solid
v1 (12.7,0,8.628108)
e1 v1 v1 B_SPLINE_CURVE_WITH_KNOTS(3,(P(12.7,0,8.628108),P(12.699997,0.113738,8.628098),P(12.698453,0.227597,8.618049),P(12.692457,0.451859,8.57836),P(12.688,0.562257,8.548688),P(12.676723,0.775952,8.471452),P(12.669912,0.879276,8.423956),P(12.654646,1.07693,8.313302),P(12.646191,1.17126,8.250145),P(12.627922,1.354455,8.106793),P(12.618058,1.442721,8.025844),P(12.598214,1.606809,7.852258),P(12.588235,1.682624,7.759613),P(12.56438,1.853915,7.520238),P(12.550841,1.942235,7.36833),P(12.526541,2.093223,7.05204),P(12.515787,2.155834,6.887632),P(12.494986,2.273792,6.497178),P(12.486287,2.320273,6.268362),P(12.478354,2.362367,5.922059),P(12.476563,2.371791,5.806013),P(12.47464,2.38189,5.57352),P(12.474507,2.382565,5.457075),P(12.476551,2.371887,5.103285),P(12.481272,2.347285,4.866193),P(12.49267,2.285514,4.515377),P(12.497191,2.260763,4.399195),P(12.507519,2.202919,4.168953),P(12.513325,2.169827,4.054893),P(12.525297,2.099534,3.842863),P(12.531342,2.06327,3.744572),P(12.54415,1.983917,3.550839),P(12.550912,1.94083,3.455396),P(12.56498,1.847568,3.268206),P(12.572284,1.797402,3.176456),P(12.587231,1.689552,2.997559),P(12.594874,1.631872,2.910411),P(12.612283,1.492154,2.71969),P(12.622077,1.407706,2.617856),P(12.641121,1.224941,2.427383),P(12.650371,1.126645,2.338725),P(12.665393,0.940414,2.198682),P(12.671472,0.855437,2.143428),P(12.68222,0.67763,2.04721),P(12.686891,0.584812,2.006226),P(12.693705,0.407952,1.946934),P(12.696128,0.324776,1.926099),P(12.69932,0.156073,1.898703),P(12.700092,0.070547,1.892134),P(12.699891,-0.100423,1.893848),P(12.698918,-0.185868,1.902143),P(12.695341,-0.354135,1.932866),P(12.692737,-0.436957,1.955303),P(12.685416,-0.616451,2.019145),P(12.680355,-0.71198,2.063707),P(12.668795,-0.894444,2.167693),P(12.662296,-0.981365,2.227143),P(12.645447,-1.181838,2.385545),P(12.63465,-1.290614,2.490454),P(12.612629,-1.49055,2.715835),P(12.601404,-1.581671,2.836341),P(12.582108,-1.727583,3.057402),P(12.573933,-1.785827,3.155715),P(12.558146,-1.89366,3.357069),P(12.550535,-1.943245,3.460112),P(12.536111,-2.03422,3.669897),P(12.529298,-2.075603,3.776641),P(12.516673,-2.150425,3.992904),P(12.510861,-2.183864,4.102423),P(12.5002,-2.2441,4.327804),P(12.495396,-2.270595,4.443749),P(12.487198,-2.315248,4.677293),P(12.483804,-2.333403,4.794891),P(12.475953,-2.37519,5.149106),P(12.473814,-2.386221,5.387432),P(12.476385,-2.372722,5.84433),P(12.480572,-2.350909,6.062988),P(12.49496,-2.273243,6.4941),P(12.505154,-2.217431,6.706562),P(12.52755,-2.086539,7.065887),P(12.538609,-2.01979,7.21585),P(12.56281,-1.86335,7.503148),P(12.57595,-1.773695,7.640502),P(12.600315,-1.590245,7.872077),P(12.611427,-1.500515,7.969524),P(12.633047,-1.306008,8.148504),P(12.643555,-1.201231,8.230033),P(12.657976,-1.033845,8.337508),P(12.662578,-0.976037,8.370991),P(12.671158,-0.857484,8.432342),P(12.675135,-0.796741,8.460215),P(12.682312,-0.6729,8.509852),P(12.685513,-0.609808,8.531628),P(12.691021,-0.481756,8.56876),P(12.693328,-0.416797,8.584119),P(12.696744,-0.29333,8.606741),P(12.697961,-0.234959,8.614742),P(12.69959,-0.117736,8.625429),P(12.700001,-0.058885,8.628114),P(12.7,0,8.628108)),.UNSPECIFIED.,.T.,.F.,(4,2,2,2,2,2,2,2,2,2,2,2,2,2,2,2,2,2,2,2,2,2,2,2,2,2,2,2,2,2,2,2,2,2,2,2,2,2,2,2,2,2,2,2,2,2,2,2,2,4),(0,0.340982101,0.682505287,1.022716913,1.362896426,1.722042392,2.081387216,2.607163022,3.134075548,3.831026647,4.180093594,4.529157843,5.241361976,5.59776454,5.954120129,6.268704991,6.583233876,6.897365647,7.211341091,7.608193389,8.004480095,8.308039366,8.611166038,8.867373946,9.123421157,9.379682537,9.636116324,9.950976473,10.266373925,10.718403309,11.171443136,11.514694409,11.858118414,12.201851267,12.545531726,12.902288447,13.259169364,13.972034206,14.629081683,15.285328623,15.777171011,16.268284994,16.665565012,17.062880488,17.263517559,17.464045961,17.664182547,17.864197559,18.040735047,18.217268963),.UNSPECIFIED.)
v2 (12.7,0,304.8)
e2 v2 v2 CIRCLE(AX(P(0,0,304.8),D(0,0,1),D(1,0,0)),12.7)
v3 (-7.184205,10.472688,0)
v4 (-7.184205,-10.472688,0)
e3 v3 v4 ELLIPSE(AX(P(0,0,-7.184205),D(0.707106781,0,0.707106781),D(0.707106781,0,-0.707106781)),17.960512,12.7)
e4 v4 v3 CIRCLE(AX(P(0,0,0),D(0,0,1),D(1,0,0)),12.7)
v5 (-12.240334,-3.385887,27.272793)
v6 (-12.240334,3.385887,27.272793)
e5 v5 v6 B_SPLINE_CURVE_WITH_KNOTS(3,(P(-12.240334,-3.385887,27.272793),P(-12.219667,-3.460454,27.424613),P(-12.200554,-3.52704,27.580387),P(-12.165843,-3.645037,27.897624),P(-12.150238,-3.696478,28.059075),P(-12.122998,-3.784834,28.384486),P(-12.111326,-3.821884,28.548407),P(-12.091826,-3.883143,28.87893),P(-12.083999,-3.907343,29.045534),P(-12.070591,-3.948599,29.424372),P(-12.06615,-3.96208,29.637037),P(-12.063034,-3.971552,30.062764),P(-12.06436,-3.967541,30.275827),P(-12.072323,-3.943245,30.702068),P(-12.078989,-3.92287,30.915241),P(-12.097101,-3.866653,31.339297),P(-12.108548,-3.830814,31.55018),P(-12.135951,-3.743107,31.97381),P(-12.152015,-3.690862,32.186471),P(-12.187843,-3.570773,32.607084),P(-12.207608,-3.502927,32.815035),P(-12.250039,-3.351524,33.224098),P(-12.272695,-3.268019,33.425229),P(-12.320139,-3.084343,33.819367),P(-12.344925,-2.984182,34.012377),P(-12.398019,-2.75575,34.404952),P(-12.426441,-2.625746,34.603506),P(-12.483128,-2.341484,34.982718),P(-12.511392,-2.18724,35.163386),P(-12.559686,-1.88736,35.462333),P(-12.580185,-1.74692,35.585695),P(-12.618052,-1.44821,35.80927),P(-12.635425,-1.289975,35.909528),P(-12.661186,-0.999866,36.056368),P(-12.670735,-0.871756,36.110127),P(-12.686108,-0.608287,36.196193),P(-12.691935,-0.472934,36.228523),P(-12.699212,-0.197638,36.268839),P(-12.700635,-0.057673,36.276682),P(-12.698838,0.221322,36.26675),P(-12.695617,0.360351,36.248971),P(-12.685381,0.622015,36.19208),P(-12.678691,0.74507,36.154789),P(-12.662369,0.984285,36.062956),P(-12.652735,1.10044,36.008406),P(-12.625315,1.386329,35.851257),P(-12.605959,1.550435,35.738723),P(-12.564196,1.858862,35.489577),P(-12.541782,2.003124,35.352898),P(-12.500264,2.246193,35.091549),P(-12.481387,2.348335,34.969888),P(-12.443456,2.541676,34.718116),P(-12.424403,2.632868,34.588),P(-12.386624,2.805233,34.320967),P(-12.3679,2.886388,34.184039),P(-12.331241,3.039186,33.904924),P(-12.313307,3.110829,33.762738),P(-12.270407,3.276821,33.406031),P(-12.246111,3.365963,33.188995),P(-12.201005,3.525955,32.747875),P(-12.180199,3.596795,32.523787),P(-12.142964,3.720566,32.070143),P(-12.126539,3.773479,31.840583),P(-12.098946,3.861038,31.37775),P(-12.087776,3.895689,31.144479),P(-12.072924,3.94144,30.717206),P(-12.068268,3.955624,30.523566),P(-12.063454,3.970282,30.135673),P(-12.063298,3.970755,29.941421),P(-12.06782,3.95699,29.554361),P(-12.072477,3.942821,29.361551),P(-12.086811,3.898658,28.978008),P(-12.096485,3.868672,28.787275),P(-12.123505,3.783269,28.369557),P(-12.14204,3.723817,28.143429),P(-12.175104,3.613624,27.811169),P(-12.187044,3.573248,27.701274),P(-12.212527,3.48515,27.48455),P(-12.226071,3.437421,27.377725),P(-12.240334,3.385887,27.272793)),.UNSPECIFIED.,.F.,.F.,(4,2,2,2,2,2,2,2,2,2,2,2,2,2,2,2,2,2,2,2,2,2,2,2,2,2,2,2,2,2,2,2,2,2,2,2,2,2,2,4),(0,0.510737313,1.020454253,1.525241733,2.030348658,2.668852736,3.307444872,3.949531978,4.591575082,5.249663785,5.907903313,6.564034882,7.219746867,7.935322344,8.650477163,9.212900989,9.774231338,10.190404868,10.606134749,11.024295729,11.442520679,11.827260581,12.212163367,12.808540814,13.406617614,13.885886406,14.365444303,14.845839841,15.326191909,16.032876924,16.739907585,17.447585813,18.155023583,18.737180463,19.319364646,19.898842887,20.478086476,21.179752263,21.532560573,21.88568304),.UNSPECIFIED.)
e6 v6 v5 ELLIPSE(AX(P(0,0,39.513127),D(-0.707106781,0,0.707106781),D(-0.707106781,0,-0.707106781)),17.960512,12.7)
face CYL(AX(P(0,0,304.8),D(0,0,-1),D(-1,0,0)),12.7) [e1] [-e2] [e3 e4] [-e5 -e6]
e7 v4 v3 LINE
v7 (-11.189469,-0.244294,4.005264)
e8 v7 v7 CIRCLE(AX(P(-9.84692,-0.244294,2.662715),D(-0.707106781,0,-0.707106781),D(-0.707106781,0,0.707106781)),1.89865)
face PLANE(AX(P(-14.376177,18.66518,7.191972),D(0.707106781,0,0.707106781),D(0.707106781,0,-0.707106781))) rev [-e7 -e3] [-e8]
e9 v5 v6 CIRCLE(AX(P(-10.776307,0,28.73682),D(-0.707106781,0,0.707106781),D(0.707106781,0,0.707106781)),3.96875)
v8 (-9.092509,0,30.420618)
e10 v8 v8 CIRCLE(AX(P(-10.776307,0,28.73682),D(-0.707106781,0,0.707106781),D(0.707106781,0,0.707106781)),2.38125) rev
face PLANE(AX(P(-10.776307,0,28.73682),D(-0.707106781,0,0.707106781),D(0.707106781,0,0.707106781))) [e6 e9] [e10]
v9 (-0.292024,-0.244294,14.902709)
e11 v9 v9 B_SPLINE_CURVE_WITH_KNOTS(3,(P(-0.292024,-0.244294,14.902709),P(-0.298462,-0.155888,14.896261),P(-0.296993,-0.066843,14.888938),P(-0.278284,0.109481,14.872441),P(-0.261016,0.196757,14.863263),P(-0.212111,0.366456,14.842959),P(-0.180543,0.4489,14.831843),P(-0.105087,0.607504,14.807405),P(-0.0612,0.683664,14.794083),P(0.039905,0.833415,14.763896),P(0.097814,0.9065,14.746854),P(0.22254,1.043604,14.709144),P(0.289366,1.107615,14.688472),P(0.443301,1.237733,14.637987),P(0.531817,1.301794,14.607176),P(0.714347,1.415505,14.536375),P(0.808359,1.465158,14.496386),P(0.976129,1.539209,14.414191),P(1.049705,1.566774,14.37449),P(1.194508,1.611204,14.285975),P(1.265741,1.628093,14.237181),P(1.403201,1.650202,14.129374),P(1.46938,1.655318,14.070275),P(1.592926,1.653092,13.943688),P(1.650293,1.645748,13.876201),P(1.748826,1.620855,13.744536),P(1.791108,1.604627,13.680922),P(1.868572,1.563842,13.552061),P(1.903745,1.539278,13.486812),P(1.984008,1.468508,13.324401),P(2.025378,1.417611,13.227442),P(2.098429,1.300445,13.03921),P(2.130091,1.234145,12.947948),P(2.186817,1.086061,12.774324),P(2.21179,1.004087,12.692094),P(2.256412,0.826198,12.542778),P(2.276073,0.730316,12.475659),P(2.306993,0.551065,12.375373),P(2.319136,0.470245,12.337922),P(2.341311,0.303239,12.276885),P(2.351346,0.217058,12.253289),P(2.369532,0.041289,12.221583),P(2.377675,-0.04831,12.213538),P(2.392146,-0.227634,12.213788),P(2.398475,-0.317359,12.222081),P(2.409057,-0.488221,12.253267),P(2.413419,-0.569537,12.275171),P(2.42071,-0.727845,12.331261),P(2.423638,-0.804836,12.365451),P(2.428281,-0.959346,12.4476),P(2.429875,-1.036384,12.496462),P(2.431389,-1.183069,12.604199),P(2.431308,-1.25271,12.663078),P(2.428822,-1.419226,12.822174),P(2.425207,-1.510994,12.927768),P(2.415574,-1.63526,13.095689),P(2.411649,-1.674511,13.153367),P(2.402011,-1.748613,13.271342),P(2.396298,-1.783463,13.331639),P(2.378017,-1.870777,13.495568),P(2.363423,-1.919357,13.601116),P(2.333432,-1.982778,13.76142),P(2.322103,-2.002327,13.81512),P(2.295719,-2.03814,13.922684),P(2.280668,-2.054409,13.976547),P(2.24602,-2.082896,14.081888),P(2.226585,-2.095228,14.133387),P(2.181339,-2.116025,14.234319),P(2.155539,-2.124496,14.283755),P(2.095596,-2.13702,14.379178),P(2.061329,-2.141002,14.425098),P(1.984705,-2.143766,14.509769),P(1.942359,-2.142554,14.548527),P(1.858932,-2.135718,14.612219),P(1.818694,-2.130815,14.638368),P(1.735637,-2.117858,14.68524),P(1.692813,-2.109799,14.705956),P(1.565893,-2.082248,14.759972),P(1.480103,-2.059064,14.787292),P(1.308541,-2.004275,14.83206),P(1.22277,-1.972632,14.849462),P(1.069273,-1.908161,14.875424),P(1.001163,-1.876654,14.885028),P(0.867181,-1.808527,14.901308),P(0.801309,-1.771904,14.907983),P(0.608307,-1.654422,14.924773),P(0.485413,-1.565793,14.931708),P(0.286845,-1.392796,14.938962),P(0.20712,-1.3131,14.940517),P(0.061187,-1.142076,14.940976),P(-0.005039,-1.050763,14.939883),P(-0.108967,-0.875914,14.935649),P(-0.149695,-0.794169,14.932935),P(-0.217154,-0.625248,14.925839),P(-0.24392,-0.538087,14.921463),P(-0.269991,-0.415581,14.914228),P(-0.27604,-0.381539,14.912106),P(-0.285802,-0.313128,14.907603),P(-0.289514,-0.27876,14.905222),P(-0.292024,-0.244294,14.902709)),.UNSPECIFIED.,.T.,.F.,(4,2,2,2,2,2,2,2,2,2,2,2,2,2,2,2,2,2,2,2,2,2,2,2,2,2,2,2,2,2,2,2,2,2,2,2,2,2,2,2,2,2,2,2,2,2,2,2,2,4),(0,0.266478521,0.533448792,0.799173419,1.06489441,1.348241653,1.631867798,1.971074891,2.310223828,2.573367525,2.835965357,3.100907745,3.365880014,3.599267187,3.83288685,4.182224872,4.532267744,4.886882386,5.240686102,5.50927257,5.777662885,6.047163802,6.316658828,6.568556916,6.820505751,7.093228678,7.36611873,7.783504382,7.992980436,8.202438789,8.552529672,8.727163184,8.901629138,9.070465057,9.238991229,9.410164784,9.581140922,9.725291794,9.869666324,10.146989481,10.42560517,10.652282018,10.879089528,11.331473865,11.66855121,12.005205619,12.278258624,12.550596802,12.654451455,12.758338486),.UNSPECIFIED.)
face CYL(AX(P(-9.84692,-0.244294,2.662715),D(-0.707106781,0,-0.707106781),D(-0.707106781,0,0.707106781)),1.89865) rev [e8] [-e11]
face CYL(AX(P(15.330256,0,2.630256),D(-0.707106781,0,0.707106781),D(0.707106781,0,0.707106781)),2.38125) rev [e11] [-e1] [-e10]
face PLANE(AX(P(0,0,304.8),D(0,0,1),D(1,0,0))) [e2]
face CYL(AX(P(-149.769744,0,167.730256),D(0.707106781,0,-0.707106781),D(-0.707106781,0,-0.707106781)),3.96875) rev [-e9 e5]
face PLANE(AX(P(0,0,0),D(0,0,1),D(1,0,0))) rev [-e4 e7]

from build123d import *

# Parameters (mm, degrees)
SKETCH1_R                   = 12.7
EXTRUDE1_DEPTH              = 304.8
SKETCH4_R                   = 2.38125
EXTRUDE2_DEPTH              = 306.328708116
EXTRUDE2_DEPTH_BACK         = 306.328708116
SKETCH6_W                   = 20.167016722
SKETCH6_H                   = 37.330359398
EXTRUDE3_DEPTH              = 63.5
F_10_24_TAPPED_HOLE1_REACH  = 305.254
F_10_24_TAPPED_HOLE1_BORE_R = 1.89865
SKETCH10_R                  = 3.96875
EXTRUDE4_DEPTH              = 288.166292049


with BuildPart() as part:
    # Sketch1 → Extrude1 (new body)
    with BuildSketch(Plane.XY):
        with Locations(Location((0, 0, 0), (0, 0, 180))):
            Circle(SKETCH1_R)
    extrude(amount=EXTRUDE1_DEPTH)

    # Sketch4 → Extrude2 (cut, two sides)
    with BuildSketch(Plane(origin=(0, 0, 0), x_dir=(0.7071067811865462, 0, 0.7071067811865488), z_dir=(-0.7071067811865488, 0, 0.7071067811865462))) as extrude2_sk:
        with Locations((12.7, 0)):
            Circle(SKETCH4_R)
    extrude(amount=EXTRUDE2_DEPTH, mode=Mode.SUBTRACT)
    extrude(extrude2_sk.sketch, amount=-EXTRUDE2_DEPTH_BACK, mode=Mode.SUBTRACT)

    # Sketch6 → Extrude3 (cut)
    with BuildSketch(Plane(origin=(-3.592102448, 0, -3.592102448), x_dir=(-0.7071067811865512, 0, 0.7071067811865438), z_dir=(-0.7071067811865438, 0, -0.7071067811865512))):
        with Locations((5.167476491, 0)):
            Rectangle(SKETCH6_W, SKETCH6_H)
    extrude(amount=EXTRUDE3_DEPTH, mode=Mode.SUBTRACT)

    # #10-24 Tapped Hole1 bore (on position points) → #10-24 Tapped Hole1 (cut, up to next)
    with BuildSketch(Plane(origin=(-9.846920352, -0.244294465, 2.662715455), x_dir=(-0.707106781187, 0, 0.707106781187), z_dir=(-0.707106781187, 0, -0.707106781187)), mode=Mode.PRIVATE) as f_10_24_tapped_hole1_sk1:
        Circle(F_10_24_TAPPED_HOLE1_BORE_R)
    f_10_24_tapped_hole1_tool1 = extrude(f_10_24_tapped_hole1_sk1.sketch, amount=-F_10_24_TAPPED_HOLE1_REACH, mode=Mode.PRIVATE) & part.part
    add(f_10_24_tapped_hole1_tool1.solids().sort_by_distance((-9.84692, -0.244294, 2.662715))[0], mode=Mode.SUBTRACT)

    # Sketch10 → Extrude4 (cut, through all)
    with BuildSketch(Plane(origin=(-19.756563466, 0, 19.756563466), x_dir=(0.7071067811865462, 0, 0.7071067811865488), z_dir=(-0.7071067811865488, 0, 0.7071067811865462))):
        with Locations((12.7, 0)):
            Circle(SKETCH10_R)
    extrude(amount=EXTRUDE4_DEPTH, mode=Mode.SUBTRACT)


solid = part.part
